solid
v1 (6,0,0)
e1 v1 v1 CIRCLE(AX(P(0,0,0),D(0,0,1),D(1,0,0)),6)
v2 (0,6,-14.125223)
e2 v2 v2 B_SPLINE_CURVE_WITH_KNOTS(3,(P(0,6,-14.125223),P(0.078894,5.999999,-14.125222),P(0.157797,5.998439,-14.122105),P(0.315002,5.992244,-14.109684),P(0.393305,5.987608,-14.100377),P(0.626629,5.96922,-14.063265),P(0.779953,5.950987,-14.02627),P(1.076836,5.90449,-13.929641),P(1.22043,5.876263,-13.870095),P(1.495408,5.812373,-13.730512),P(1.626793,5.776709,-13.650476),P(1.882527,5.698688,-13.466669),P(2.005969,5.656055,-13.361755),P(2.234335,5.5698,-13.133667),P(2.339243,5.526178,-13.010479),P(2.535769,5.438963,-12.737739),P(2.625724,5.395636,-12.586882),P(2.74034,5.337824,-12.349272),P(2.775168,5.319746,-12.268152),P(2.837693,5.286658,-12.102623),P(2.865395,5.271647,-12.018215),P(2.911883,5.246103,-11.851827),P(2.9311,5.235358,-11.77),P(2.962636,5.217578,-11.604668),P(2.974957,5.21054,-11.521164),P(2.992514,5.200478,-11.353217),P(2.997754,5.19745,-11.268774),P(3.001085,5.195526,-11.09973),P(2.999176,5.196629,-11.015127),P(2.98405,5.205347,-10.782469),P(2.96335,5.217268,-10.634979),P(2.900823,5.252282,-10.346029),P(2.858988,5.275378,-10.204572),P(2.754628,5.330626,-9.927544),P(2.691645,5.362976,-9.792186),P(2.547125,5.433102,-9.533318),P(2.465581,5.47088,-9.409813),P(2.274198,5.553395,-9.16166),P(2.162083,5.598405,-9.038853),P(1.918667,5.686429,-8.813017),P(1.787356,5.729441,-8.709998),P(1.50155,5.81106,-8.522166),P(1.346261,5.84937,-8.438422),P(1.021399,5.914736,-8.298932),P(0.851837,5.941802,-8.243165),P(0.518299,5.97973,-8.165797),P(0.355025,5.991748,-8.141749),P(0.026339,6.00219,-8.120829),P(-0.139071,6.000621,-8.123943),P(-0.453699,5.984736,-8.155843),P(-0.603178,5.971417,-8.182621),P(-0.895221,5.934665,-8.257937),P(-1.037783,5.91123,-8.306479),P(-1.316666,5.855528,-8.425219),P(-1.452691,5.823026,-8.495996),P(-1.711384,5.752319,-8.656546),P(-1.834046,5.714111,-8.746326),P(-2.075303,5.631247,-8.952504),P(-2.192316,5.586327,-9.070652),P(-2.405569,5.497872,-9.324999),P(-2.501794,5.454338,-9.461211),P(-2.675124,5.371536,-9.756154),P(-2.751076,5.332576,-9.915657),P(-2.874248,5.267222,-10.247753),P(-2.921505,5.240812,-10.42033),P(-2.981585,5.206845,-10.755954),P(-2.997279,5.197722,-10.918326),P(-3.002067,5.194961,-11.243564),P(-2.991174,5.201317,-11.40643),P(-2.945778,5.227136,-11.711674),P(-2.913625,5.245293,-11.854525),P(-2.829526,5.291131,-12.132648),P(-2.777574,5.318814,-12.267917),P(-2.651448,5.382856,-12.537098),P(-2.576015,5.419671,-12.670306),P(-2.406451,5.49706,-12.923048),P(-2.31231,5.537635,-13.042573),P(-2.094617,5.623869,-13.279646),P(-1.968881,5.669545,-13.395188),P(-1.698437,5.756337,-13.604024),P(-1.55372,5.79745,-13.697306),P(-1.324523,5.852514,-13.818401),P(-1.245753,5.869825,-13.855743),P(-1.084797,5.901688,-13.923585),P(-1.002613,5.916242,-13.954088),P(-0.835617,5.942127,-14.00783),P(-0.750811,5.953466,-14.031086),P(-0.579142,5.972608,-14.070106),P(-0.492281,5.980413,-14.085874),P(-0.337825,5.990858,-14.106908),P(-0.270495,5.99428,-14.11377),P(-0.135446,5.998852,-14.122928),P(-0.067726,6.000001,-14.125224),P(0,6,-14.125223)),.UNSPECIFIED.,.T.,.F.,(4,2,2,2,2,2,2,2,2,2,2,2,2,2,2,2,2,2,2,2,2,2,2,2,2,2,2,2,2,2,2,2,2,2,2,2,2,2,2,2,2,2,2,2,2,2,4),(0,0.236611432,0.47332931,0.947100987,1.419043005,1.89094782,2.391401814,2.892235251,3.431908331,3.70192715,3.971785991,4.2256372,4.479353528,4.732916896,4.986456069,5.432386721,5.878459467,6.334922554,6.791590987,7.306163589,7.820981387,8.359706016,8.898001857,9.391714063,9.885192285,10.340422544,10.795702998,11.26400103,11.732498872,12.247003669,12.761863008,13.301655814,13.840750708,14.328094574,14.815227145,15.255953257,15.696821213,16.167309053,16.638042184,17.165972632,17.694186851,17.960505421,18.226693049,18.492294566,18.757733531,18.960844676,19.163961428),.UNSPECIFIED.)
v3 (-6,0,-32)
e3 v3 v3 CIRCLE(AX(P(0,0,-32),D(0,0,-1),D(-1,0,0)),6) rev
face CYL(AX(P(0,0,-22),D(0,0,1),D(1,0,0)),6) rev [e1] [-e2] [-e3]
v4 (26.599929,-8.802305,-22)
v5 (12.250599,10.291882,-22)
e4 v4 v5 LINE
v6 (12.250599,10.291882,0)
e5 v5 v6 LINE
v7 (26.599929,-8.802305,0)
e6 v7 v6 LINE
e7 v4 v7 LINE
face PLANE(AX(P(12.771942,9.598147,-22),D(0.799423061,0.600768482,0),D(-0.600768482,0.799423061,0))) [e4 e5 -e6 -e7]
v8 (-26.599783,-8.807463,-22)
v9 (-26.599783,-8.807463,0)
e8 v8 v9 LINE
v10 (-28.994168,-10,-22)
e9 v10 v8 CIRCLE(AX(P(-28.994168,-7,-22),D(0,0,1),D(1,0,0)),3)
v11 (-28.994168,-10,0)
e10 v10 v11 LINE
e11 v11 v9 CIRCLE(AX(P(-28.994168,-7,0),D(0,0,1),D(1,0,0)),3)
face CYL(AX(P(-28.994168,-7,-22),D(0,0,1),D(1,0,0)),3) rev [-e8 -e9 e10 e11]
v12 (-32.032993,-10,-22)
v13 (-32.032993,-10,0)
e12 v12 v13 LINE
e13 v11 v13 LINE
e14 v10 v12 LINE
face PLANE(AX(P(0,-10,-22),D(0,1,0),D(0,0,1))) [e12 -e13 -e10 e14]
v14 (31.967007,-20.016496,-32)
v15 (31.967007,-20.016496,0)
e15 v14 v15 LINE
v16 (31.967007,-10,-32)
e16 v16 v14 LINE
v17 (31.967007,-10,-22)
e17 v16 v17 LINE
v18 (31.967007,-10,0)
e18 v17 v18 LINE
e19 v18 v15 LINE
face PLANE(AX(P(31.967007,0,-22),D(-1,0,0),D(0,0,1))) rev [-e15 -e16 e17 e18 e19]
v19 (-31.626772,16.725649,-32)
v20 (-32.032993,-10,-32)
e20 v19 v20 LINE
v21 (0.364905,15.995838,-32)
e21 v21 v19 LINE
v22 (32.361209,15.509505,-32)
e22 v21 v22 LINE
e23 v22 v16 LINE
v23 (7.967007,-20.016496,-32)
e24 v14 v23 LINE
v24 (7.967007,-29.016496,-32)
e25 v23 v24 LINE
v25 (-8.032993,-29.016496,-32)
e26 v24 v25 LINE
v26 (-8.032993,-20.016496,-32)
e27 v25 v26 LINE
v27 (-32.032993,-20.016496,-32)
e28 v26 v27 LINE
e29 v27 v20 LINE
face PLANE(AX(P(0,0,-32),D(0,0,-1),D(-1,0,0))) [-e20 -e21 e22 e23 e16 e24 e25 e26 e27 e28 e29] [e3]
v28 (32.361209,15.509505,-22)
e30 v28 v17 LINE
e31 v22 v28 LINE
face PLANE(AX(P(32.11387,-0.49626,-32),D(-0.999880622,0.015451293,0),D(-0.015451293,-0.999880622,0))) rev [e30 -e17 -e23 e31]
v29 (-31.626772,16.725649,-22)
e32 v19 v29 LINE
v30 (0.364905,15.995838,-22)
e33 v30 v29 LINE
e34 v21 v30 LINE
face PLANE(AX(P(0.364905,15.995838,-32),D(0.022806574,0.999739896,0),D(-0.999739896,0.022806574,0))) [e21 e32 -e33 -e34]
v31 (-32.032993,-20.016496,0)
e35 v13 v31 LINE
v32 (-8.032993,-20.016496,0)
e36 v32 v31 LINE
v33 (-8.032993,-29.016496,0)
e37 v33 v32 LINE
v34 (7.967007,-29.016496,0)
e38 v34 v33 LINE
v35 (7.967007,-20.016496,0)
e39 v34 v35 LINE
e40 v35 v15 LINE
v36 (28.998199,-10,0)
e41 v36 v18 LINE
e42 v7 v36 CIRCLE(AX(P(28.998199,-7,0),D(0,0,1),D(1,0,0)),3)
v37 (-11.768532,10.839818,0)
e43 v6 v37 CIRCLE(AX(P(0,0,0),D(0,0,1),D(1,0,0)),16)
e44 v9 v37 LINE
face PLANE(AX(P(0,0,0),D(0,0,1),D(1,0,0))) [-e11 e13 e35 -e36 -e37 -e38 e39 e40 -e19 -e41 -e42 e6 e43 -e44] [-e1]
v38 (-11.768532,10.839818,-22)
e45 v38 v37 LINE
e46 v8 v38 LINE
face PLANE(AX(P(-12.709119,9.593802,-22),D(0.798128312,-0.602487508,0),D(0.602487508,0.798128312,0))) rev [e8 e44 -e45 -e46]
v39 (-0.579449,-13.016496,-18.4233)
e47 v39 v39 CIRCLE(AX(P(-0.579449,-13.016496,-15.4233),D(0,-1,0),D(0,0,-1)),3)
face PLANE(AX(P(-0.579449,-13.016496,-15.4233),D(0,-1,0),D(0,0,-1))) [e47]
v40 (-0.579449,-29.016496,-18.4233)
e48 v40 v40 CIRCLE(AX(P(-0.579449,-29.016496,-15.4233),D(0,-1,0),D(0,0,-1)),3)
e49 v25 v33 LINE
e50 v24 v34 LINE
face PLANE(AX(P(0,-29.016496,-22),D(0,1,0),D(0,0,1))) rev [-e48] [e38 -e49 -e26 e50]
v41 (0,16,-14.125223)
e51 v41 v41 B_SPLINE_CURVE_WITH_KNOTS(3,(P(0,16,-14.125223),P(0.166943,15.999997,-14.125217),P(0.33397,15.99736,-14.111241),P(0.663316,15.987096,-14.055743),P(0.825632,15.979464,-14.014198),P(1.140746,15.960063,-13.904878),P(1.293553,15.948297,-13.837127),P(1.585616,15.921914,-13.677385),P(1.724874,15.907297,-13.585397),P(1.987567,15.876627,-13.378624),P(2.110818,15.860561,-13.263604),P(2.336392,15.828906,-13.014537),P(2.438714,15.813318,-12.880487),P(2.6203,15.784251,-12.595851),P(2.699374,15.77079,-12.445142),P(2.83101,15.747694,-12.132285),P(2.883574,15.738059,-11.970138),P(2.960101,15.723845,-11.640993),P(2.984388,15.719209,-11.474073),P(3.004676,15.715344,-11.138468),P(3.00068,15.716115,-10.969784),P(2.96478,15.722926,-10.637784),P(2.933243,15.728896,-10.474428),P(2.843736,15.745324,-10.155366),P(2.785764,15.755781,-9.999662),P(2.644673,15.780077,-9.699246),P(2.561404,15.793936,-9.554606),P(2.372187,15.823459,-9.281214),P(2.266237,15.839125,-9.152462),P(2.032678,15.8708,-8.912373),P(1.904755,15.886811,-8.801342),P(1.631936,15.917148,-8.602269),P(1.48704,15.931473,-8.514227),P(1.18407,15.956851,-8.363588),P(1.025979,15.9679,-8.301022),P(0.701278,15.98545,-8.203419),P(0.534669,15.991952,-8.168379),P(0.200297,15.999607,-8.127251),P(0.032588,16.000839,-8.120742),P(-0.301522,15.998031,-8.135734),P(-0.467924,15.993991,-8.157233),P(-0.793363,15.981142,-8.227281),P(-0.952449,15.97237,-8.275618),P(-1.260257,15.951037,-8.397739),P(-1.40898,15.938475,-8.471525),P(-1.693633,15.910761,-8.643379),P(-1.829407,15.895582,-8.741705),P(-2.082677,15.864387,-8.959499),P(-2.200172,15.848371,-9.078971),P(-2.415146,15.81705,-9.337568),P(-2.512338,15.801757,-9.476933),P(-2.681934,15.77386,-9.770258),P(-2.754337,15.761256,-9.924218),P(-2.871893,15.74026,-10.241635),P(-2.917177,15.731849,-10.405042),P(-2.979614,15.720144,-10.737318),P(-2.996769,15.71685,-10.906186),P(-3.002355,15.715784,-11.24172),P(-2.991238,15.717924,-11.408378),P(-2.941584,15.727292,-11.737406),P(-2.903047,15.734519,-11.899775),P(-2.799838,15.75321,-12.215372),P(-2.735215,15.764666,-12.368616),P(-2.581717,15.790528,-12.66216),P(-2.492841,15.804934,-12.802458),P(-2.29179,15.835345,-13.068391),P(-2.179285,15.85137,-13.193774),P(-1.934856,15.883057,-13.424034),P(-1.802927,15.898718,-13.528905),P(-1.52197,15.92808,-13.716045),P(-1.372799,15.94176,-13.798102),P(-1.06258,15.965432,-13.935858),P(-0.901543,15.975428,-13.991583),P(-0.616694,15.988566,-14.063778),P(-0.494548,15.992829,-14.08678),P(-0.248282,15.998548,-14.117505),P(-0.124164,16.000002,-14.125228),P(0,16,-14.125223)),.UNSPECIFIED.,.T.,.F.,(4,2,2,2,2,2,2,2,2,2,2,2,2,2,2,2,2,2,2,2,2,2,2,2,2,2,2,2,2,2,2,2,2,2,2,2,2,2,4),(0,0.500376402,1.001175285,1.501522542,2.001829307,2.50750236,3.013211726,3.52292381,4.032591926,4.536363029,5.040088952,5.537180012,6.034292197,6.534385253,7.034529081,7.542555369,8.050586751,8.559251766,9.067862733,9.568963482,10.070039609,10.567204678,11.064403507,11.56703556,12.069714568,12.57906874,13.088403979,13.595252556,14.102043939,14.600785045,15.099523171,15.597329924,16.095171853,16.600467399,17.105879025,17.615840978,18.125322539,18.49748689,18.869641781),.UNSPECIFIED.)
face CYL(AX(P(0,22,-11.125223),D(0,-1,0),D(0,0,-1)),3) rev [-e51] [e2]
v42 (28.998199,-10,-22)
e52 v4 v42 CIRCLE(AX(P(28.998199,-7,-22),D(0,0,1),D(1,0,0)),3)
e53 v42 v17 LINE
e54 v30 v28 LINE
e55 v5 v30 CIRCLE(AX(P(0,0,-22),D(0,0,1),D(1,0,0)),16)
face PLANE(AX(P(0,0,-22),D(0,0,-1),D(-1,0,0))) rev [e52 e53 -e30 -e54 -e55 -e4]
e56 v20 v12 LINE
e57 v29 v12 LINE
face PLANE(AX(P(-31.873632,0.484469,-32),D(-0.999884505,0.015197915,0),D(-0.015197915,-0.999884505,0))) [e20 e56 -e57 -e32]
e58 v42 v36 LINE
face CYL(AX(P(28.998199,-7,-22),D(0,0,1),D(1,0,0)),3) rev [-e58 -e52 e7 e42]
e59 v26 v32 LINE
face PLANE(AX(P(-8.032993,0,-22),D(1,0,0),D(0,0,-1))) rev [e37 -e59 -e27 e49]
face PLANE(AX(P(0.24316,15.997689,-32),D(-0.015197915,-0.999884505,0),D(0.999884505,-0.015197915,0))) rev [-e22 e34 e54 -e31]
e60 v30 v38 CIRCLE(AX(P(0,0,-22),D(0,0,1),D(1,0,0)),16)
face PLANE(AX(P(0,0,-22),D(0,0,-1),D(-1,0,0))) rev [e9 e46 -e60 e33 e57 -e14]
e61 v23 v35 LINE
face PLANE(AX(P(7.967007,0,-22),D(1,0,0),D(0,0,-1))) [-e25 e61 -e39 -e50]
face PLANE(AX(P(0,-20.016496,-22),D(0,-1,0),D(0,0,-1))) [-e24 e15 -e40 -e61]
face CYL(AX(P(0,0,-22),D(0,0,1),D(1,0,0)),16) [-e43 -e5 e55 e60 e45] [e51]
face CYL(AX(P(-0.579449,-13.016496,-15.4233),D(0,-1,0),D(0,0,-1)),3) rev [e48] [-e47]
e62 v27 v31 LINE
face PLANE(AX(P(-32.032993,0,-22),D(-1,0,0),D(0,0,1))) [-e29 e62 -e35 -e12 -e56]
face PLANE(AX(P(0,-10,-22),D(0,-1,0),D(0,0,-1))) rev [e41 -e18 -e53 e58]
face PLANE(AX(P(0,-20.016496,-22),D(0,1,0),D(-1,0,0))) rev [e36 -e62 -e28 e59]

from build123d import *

# Parameters (mm, degrees)
SKETCH1_R           = 6
BOSS_EXTRUDE1_DEPTH = 22
SKETCH3_R           = 3
CUT_EXTRUDE2_DEPTH  = 22
SKETCH4_R           = 6
BOSS_EXTRUDE2_DEPTH = 10
SKETCH5_R           = 3
CUT_EXTRUDE3_DEPTH  = 16


with BuildPart() as part:
    # Sketch1 → Boss-Extrude1 (new body)
    with BuildSketch(Plane.XY):
        with BuildLine():
            ThreePointArc((12.250598906, 10.291881579), (6.757584433, 14.502932553), (0, 16))
            ThreePointArc((0, 16), (-6.42506456, 14.653277633), (-11.768531852, 10.839818174))
            Line((-11.768531852, 10.839818174), (-13.649705535, 8.347786462))
            Line((-13.649705535, 8.347786462), (-26.599782678, -8.807462524))
            ThreePointArc((-26.599782678, -8.807462524), (-27.656705011, -9.685366602), (-28.994167614, -10))
            Line((-28.994167614, -10), (-32.032992561, -10))
            Line((-32.032992561, -10), (-32.032992561, -20.01649628))
            Line((-32.032992561, -20.01649628), (-27.5, -20.01649628))
            Line((-27.5, -20.01649628), (-8.032992561, -20.01649628))
            Line((-8.032992561, -20.01649628), (-8.032992561, -29.01649628))
            Line((-8.032992561, -29.01649628), (-0.032992561, -29.01649628))
            Line((-0.032992561, -29.01649628), (7.967007439, -29.01649628))
            Line((7.967007439, -29.01649628), (7.967007439, -20.01649628))
            Line((7.967007439, -20.01649628), (27.5, -20.01649628))
            Line((27.5, -20.01649628), (31.967007439, -20.01649628))
            Line((31.967007439, -20.01649628), (31.967007439, -10))
            Line((31.967007439, -10), (28.998198652, -10))
            ThreePointArc((28.998198652, -10), (27.65784727, -9.683925888), (26.599929469, -8.802305447))
            Line((26.599929469, -8.802305447), (13.293285189, 8.904412888))
            Line((13.293285189, 8.904412888), (12.250598906, 10.291881579))
        make_face()
        Circle(SKETCH1_R, mode=Mode.SUBTRACT)
    extrude(amount=-BOSS_EXTRUDE1_DEPTH)

    # Sketch3 → Cut-Extrude2 (cut)
    with BuildSketch(Plane(origin=(0, 0, 0), x_dir=(1, 0, 0), z_dir=(0, 1, 0))):
        with Locations(Location((0, 11.125223176, 0), (0, 0, 90))):
            Circle(SKETCH3_R)
    extrude(amount=CUT_EXTRUDE2_DEPTH, mode=Mode.SUBTRACT)

    # Sketch4 → Boss-Extrude2 (add)
    # profile 1 of 3: a face of its own
    with BuildSketch(Plane(origin=(0, 0, -22), x_dir=(-1, 0, 0), z_dir=(0, 0, -1))):
        with BuildLine():
            ThreePointArc((-12.250598906, 10.291881579), (-6.922536855, 14.424925771), (-0.364905179, 15.99583834))
            Line((-0.364905179, 15.99583834), (-32.361209339, 15.509505054))
            Line((-32.361209339, 15.509505054), (-31.967007439, -10))
            Line((-31.967007439, -10), (-28.998198652, -10))
            ThreePointArc((-28.998198652, -10), (-27.65784727, -9.683925888), (-26.599929469, -8.802305447))
            Line((-26.599929469, -8.802305447), (-12.250598906, 10.291881579))
        make_face()
    # profile 2 of 3: a face of its own
    with BuildSketch(Plane(origin=(0, 0, -22), x_dir=(-1, 0, 0), z_dir=(0, 0, -1))):
        with BuildLine():
            Line((31.626771502, 16.725648698), (-0.364905179, 15.99583834))
            ThreePointArc((-0.364905179, 15.99583834), (6.257540356, 14.725596378), (11.768531852, 10.839818174))
            Line((11.768531852, 10.839818174), (26.599782678, -8.807462524))
            ThreePointArc((26.599782678, -8.807462524), (27.656705011, -9.685366602), (28.994167614, -10))
            Line((28.994167614, -10), (32.032992561, -10))
            Line((32.032992561, -10), (31.626771502, 16.725648698))
        make_face()
    # profile 3 of 3: a face of its own
    with BuildSketch(Plane(origin=(0, 0, -22), x_dir=(-1, 0, 0), z_dir=(0, 0, -1))):
        with BuildLine():
            Line((32.032992561, -10), (28.994167614, -10))
            ThreePointArc((28.994167614, -10), (27.656705011, -9.685366602), (26.599782678, -8.807462524))
            Line((26.599782678, -8.807462524), (11.768531852, 10.839818174))
            ThreePointArc((11.768531852, 10.839818174), (-0.364905179, 15.99583834), (-12.250598906, 10.291881579))
            Line((-12.250598906, 10.291881579), (-26.599929469, -8.802305447))
            ThreePointArc((-26.599929469, -8.802305447), (-27.65784727, -9.683925888), (-28.998198652, -10))
            Line((-28.998198652, -10), (-31.967007439, -10))
            Line((-31.967007439, -10), (-31.967007439, -20.01649628))
            Line((-31.967007439, -20.01649628), (-7.967007439, -20.01649628))
            Line((-7.967007439, -20.01649628), (-7.967007439, -29.01649628))
            Line((-7.967007439, -29.01649628), (8.032992561, -29.01649628))
            Line((8.032992561, -29.01649628), (8.032992561, -20.01649628))
            Line((8.032992561, -20.01649628), (32.032992561, -20.01649628))
            Line((32.032992561, -20.01649628), (32.032992561, -10))
        make_face()
        with Locations(Location((0, 0, 0), (0, 0, 180))):
            Circle(SKETCH4_R, mode=Mode.SUBTRACT)
    extrude(amount=BOSS_EXTRUDE2_DEPTH)

    # Sketch5 → Cut-Extrude3 (cut)
    with BuildSketch(Plane.XZ.offset(29.01649628)):
        with Locations(Location((-0.579448602, -15.423300258, 0), (0, 0, 270))):
            Circle(SKETCH5_R)
    extrude(amount=-CUT_EXTRUDE3_DEPTH, mode=Mode.SUBTRACT)


solid = part.part
